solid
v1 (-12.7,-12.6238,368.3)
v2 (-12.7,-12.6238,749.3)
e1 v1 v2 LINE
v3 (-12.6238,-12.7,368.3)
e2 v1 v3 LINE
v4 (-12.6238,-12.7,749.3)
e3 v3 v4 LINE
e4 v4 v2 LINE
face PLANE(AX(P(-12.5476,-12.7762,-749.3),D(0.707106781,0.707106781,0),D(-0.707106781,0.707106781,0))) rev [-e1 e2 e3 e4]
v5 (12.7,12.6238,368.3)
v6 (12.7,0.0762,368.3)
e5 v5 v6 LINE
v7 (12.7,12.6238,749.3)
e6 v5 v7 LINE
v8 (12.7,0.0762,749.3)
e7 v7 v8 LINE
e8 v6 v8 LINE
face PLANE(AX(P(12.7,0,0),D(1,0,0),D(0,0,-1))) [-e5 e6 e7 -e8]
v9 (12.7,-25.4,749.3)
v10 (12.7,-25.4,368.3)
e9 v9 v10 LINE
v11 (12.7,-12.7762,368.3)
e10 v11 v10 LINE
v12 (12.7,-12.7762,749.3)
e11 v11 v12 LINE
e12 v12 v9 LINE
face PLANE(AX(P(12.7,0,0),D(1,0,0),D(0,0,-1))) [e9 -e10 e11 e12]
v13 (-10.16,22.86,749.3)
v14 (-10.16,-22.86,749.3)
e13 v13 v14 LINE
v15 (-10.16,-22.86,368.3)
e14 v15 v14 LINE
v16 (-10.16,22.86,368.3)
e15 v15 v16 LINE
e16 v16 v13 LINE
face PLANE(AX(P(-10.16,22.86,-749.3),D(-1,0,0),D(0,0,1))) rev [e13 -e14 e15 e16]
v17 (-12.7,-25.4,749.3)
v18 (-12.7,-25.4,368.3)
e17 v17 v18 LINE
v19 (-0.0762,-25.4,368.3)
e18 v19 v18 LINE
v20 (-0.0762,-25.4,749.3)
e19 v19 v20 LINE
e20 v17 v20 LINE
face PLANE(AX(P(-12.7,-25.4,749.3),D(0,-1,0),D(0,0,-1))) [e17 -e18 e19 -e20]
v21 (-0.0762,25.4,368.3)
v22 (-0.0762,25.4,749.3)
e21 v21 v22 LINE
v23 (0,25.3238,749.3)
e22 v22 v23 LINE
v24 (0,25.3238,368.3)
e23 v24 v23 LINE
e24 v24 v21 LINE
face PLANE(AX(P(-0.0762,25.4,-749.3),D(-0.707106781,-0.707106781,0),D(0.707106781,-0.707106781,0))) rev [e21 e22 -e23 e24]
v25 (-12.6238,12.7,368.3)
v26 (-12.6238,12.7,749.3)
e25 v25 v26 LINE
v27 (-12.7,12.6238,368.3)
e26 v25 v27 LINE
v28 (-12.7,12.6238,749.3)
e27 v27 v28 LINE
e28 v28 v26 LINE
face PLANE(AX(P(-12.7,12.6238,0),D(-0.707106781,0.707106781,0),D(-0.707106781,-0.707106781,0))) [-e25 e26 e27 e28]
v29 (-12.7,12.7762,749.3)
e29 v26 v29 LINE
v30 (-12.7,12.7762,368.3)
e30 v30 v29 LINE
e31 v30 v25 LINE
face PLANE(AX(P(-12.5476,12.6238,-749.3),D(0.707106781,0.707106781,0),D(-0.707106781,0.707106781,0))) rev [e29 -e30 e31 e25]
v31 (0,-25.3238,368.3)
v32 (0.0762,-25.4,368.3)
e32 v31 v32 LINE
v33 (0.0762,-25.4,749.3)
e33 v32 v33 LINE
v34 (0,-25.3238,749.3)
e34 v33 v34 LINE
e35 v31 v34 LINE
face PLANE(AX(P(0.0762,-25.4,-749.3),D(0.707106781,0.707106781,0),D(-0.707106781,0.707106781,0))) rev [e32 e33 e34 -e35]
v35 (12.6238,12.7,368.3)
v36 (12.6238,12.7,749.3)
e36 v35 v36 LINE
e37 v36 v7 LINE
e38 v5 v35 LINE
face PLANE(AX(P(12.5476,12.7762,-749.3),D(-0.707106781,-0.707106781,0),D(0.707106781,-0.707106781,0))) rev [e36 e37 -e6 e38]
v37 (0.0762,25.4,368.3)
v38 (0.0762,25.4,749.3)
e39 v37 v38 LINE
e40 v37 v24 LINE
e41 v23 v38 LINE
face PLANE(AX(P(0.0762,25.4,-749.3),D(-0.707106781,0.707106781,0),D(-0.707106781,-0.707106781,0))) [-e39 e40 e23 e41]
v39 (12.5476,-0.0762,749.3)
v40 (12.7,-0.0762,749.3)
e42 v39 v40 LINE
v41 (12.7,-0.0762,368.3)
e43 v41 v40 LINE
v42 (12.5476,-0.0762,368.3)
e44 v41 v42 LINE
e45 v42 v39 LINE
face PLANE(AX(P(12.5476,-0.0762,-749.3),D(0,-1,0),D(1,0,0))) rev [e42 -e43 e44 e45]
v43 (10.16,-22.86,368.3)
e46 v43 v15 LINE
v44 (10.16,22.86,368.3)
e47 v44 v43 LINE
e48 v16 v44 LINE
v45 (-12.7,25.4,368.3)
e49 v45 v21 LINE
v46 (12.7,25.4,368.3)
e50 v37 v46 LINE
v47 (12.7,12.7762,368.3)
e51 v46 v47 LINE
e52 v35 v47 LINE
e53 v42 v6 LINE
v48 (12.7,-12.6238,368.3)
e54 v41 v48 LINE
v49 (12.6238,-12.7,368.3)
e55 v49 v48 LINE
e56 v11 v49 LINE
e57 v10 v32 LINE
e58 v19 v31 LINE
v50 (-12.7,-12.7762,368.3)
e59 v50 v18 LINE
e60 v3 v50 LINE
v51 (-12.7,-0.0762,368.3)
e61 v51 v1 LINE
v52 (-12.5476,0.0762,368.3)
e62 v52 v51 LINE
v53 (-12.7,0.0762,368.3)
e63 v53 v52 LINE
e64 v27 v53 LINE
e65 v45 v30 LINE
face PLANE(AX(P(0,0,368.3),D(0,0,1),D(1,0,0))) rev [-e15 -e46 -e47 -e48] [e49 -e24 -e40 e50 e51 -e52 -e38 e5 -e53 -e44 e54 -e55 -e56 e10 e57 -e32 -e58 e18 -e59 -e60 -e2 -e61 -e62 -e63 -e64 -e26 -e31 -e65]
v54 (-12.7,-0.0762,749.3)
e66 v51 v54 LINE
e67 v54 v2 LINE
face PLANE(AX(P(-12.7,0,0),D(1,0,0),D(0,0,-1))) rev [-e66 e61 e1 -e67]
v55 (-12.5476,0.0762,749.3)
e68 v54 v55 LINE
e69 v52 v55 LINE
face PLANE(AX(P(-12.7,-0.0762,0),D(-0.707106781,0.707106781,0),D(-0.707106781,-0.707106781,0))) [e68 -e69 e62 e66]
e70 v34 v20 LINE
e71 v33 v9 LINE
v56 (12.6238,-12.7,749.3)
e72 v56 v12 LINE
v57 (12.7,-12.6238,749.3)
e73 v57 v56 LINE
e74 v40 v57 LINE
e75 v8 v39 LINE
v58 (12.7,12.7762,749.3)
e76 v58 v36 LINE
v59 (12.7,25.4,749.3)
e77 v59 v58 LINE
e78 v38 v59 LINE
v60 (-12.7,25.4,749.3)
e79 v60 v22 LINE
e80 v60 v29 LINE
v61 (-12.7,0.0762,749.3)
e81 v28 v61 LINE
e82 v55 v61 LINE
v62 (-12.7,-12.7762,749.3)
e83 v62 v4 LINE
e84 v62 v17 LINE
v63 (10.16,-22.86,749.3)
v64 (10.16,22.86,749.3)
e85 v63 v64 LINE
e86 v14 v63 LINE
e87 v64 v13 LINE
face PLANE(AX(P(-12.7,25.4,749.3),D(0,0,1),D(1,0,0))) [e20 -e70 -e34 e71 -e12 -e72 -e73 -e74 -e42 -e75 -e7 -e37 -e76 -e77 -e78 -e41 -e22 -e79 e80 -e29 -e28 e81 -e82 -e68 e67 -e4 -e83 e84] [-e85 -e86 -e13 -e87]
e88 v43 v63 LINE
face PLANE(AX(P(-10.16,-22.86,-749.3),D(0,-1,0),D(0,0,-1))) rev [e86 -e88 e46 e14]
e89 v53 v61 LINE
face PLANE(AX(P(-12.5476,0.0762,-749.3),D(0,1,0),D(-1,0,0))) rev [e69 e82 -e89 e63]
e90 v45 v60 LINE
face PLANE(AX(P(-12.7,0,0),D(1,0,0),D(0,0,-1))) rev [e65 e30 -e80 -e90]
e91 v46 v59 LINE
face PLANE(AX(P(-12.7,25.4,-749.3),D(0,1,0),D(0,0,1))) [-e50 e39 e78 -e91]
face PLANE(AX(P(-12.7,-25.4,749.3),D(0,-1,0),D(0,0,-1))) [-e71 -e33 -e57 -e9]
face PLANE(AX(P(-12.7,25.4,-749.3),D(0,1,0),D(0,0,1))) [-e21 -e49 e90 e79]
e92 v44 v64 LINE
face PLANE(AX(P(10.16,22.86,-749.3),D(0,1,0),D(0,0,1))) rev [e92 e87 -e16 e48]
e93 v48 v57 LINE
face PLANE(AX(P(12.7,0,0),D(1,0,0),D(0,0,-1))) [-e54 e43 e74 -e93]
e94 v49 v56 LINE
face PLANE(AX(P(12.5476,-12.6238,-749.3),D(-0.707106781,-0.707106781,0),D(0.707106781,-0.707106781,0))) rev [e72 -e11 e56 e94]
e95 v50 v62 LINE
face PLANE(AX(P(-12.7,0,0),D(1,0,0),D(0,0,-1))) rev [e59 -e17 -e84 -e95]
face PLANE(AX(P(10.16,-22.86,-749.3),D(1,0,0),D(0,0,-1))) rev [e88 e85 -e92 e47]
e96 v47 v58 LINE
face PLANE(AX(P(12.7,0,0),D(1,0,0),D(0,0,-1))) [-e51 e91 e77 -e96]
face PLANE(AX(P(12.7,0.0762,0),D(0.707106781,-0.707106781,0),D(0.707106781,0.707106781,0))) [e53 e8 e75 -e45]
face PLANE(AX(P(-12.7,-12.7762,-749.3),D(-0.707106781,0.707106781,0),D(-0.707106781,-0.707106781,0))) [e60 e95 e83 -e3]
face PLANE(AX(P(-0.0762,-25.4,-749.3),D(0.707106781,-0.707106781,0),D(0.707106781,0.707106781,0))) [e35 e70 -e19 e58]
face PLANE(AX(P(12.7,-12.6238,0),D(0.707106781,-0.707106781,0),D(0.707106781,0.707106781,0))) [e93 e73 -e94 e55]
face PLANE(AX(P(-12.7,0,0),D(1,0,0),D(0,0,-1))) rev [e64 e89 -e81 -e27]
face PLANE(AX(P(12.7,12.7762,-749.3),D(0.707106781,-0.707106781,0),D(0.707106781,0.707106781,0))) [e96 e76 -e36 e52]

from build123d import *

# Parameters (mm, degrees)
SKETCH1_W           = 1498.6
SKETCH1_H           = 50.8
BOSS_EXTRUDE1_DEPTH = 25.4
CUT_EXTRUDE1_DEPTH  = 1498.6
CUT_EXTRUDE2_DEPTH  = 1499.869043646
CUT_EXTRUDE3_DEPTH  = 1498.6
CUT_EXTRUDE4_DEPTH  = 1498.6
CUT_EXTRUDE5_DEPTH  = 1499.869043646
CUT_EXTRUDE6_DEPTH  = 1499.869043646
CUT_EXTRUDE7_DEPTH  = 1498.6
CUT_EXTRUDE8_DEPTH  = 1498.6
SKETCH10_W          = 20.32
SKETCH10_H          = 45.72
CUT_EXTRUDE9_DEPTH  = 1499.869043646
DRAFT1_ANGLE        = 45
DRAFT2_ANGLE        = 45.000000005
DRAFT3_ANGLE        = 45
DRAFT4_ANGLE        = 45
DRAFT5_ANGLE        = 45
DRAFT6_ANGLE        = 44.999999995
SKETCH11_W          = 61.962293059
SKETCH11_H          = 88.678950317
CUT_EXTRUDE10_DEPTH = 1117.6


with BuildPart() as part:
    # Sketch1 → Boss-Extrude1 (new body)
    with BuildSketch(Plane(origin=(12.7, 0, 0), x_dir=(0, 0, -1), z_dir=(1, 0, 0))):
        Rectangle(SKETCH1_W, SKETCH1_H)
    extrude(amount=-BOSS_EXTRUDE1_DEPTH)

    # Sketch2 → Cut-Extrude1 (cut)
    with BuildSketch(Plane.XY.offset(749.3)):
        Polygon((0.0762, 25.4), (-0.0762, 25.4), (0.0762, 25.2476), align=None)
    extrude(amount=-CUT_EXTRUDE1_DEPTH, mode=Mode.SUBTRACT)

    # Sketch3 → Cut-Extrude2 (cut, through all)
    with BuildSketch(Plane.XY.offset(749.3)):
        Polygon((12.7, 12.6238), (12.7, 12.7762), (12.5476, 12.7762), align=None)
    extrude(amount=-CUT_EXTRUDE2_DEPTH, mode=Mode.SUBTRACT)

    # Sketch4 → Cut-Extrude3 (cut)
    with BuildSketch(Plane.XY.offset(749.3)):
        Polygon((12.7, -0.0762), (12.7, 0.0762), (12.5476, -0.0762), align=None)
    extrude(amount=-CUT_EXTRUDE3_DEPTH, mode=Mode.SUBTRACT)

    # Sketch5 → Cut-Extrude4 (cut)
    with BuildSketch(Plane.XY.offset(749.3)):
        Polygon((12.7, -12.7762), (12.7, -12.6238), (12.5476, -12.6238), align=None)
    extrude(amount=-CUT_EXTRUDE4_DEPTH, mode=Mode.SUBTRACT)

    # Sketch6 → Cut-Extrude5 (cut, through all)
    with BuildSketch(Plane.XY.offset(749.3)):
        Polygon((0.0762, -25.4), (-0.0762, -25.2476), (-0.0762, -25.4), align=None)
    extrude(amount=-CUT_EXTRUDE5_DEPTH, mode=Mode.SUBTRACT)

    # Sketch7 → Cut-Extrude6 (cut, through all)
    with BuildSketch(Plane.XY.offset(749.3)):
        Polygon((-12.7, -12.6238), (-12.7, -12.7762), (-12.5476, -12.7762), align=None)
    extrude(amount=-CUT_EXTRUDE6_DEPTH, mode=Mode.SUBTRACT)

    # Sketch8 → Cut-Extrude7 (cut)
    with BuildSketch(Plane.XY.offset(749.3)):
        Polygon((-12.7, 0.0762), (-12.7, -0.0762), (-12.5476, 0.0762), align=None)
    extrude(amount=-CUT_EXTRUDE7_DEPTH, mode=Mode.SUBTRACT)

    # Sketch9 → Cut-Extrude8 (cut)
    with BuildSketch(Plane.XY.offset(749.3)):
        Polygon((-12.7, 12.7762), (-12.7, 12.6238), (-12.5476, 12.6238), align=None)
    extrude(amount=-CUT_EXTRUDE8_DEPTH, mode=Mode.SUBTRACT)

    # Sketch10 → Cut-Extrude9 (cut, through all)
    with BuildSketch(Plane.XY.offset(749.3)):
        Rectangle(SKETCH10_W, SKETCH10_H)
    extrude(amount=-CUT_EXTRUDE9_DEPTH, mode=Mode.SUBTRACT)

    # Draft1
    draft1_faces = [part.faces().sort_by_distance(p)[0] for p in [
        (0.0762, 25.3238, 0),
    ]]
    draft(draft1_faces, Plane(origin=(-12.7, 25.4, -749.3), x_dir=(0, 0, 1), z_dir=(0, 1, 0)), DRAFT1_ANGLE)

    # Draft2
    draft2_faces = [part.faces().sort_by_distance(p)[0] for p in [
        (12.6238, 12.7762, 0),
    ]]
    draft(draft2_faces, Plane(origin=(12.7, 0, 0), x_dir=(0, 0, 1), z_dir=(1, 0, 0)), DRAFT2_ANGLE)

    # Draft3
    draft3_faces = [part.faces().sort_by_distance(p)[0] for p in [
        (-0.0762, -25.3238, 0),
    ]]
    draft(draft3_faces, Plane(origin=(-12.7, -25.4, 749.3), x_dir=(0, 0, -1), z_dir=(0, -1, 0)), DRAFT3_ANGLE)

    # Draft4
    draft4_faces = [part.faces().sort_by_distance(p)[0] for p in [
        (-12.6238, -12.7762, 0),
    ]]
    draft(draft4_faces, Plane(origin=(-12.7, 0, 0), x_dir=(0, 0, -1), z_dir=(-1, 0, 0)), DRAFT4_ANGLE)

    # Draft5
    draft5_faces = [part.faces().sort_by_distance(p)[0] for p in [
        (12.6238, -12.6238, 0),
        (12.6238, 0, 0),
    ]]
    draft(draft5_faces, Plane(origin=(12.7, 0, 0), x_dir=(0, 0, 1), z_dir=(1, 0, 0)), DRAFT5_ANGLE)

    # Draft6
    draft6_faces = [part.faces().sort_by_distance(p)[0] for p in [
        (-12.6238, 0, 0),
        (-12.6238, 12.6238, 0),
    ]]
    draft(draft6_faces, Plane(origin=(-12.7, 0, 0), x_dir=(0, 0, -1), z_dir=(-1, 0, 0)), DRAFT6_ANGLE)

    # Sketch11 → Cut-Extrude10 (cut)
    with BuildSketch(Plane(origin=(0, 0, -749.3), x_dir=(-1, 0, 0), z_dir=(0, 0, -1))):
        with Locations((-2.92473676, 0.325700182)):
            Rectangle(SKETCH11_W, SKETCH11_H)
    extrude(amount=-CUT_EXTRUDE10_DEPTH, mode=Mode.SUBTRACT)


solid = part.part
